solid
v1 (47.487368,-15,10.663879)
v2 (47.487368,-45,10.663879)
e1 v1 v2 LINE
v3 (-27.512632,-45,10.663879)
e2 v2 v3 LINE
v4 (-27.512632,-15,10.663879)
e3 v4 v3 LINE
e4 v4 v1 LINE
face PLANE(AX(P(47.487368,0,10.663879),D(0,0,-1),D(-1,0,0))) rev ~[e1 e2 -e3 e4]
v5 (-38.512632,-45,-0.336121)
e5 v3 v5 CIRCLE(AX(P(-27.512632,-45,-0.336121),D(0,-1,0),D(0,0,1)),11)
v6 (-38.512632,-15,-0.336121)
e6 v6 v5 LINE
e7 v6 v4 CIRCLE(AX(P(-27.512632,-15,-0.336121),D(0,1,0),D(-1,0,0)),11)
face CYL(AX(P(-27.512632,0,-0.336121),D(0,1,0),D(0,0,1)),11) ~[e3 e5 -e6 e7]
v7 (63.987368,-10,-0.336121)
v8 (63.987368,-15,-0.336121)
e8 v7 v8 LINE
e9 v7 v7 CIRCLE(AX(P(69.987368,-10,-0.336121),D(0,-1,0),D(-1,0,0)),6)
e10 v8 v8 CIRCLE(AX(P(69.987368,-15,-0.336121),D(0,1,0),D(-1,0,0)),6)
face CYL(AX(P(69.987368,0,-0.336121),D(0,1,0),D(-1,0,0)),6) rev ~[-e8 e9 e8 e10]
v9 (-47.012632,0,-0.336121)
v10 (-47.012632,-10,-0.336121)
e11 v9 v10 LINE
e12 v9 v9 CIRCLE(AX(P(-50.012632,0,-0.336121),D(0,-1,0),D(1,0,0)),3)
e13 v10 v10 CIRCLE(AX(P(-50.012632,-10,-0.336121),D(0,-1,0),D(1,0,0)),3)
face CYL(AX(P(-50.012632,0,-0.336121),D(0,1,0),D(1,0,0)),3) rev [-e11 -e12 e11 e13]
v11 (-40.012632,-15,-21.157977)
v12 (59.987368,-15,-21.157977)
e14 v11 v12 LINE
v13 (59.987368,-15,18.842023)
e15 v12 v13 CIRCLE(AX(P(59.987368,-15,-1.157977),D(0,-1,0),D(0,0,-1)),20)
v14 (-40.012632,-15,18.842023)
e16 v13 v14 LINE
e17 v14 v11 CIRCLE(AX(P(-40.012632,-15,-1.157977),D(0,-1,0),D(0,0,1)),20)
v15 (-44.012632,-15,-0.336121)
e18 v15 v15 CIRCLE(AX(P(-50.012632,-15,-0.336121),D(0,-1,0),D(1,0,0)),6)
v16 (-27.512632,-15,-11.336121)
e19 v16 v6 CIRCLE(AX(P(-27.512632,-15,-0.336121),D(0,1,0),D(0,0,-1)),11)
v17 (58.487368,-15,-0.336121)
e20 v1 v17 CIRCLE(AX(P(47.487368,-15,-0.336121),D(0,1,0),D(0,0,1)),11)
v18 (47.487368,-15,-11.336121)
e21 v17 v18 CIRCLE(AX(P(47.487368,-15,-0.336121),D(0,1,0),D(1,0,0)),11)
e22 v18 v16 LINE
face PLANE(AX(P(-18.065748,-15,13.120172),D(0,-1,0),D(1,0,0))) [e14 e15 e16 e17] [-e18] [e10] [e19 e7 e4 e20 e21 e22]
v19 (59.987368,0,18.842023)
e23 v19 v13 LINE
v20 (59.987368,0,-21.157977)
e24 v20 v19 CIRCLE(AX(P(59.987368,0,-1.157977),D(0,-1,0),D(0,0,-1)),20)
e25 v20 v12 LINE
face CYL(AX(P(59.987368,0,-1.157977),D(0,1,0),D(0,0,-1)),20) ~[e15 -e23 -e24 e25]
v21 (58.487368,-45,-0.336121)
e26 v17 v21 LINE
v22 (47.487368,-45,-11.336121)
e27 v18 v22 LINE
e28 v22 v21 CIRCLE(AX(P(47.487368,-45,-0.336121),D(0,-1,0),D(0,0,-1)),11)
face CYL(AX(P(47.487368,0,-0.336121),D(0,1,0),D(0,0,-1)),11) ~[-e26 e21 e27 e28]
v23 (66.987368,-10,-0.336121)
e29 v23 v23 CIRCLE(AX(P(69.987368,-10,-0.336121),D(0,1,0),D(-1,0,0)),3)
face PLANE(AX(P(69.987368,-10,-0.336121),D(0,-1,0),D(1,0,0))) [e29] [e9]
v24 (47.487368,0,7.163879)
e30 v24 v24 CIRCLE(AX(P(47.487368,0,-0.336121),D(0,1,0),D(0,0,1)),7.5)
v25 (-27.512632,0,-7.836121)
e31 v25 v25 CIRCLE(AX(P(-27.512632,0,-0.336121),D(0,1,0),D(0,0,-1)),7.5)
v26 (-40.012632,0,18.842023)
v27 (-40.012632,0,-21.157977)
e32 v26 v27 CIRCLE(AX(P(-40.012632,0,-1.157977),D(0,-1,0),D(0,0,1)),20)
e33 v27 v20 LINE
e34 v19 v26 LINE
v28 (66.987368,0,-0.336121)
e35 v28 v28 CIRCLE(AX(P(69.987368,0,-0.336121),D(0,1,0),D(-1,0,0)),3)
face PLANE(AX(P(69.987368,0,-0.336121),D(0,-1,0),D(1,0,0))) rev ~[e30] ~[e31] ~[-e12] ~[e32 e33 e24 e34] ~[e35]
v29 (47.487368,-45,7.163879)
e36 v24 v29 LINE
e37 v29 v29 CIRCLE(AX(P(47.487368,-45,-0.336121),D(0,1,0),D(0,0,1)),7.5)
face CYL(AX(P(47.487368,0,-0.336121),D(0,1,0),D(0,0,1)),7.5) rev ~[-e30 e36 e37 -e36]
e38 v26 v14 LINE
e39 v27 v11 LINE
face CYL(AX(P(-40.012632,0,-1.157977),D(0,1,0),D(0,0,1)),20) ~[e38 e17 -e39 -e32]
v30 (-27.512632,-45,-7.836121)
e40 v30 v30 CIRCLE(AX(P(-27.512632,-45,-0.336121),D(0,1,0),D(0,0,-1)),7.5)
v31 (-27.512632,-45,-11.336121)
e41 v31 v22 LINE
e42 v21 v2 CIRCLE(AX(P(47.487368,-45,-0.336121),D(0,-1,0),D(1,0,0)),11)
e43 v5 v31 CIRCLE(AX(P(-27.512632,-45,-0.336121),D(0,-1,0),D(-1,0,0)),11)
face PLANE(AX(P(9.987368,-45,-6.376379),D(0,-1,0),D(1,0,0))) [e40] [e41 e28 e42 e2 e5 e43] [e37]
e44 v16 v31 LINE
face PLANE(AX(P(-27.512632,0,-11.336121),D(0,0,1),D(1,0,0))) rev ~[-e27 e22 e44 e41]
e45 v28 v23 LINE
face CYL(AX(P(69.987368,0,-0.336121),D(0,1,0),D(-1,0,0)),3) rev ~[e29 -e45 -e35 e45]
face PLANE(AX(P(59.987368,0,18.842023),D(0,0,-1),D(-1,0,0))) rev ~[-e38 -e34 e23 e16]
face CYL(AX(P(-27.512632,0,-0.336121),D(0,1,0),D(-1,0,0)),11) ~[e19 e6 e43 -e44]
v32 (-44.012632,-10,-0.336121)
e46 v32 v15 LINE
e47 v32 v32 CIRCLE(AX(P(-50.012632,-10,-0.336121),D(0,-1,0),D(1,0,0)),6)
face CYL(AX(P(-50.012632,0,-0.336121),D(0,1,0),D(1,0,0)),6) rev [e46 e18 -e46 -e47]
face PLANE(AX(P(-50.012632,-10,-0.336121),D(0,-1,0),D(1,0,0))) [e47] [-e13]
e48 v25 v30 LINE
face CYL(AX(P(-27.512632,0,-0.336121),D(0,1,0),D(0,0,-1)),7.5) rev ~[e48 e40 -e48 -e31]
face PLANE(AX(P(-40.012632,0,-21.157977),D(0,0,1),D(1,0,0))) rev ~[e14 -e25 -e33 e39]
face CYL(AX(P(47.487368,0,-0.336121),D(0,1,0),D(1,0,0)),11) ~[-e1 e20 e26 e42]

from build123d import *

# Parameters (mm, degrees)
F0_R     = 6
F1_DEPTH = 15
F2_DEPTH = 45
F0_R_2   = 3
F3_DEPTH = 10


with BuildPart() as f1:
    # F0 (on Front) → F1 (new body)
    with BuildSketch(Plane.XZ):
        with BuildLine():
            Line((9.9873682983, 18.8420231841), (-40.0126317017, 18.8420231841))
            Line((-40.0126317017, 18.8420231841), (-40.0126317017, -0.3361211642))
            Line((-40.0126317017, -0.3361211642), (-38.5126317017, -0.3361211642))
            ThreePointArc((-38.5126317017, -0.3361211642), (-35.2908062948, 7.4420534289), (-27.5126317017, 10.6638788358))
            Line((-27.5126317017, 10.6638788358), (9.9873682983, 10.6638788358))
            Line((9.9873682983, 10.6638788358), (9.9873682983, 18.8420231841))
        make_face()
        with BuildLine():
            Line((59.9873682983, 18.8420231841), (9.9873682983, 18.8420231841))
            Line((9.9873682983, 18.8420231841), (9.9873682983, 10.6638788358))
            Line((9.9873682983, 10.6638788358), (47.4873682983, 10.6638788358))
            ThreePointArc((47.4873682983, 10.6638788358), (55.2655428913, 7.4420534289), (58.4873682983, -0.3361211642))
            Line((58.4873682983, -0.3361211642), (59.9873682983, -0.3361211642))
            Line((59.9873682983, -0.3361211642), (59.9873682983, 18.8420231841))
        make_face()
        with BuildLine():
            Line((-38.5126317017, -0.3361211642), (-40.0126317017, -0.3361211642))
            Line((-40.0126317017, -0.3361211642), (-40.0126317017, -21.1579768159))
            Line((-40.0126317017, -21.1579768159), (59.9873682983, -21.1579768159))
            Line((59.9873682983, -21.1579768159), (59.9873682983, -0.3361211642))
            Line((59.9873682983, -0.3361211642), (58.4873682983, -0.3361211642))
            ThreePointArc((58.4873682983, -0.3361211642), (55.2655428913, -8.1142957572), (47.4873682983, -11.3361211642))
            Line((47.4873682983, -11.3361211642), (-27.5126317017, -11.3361211642))
            ThreePointArc((-27.5126317017, -11.3361211642), (-35.2908062948, -8.1142957572), (-38.5126317017, -0.3361211642))
        make_face()
        with BuildLine():
            ThreePointArc((59.9873682983, -21.1579768159), (79.9873682983, -1.1579768159), (59.9873682983, 18.8420231841))
            Line((59.9873682983, 18.8420231841), (59.9873682983, -0.3361211642))
            Line((59.9873682983, -0.3361211642), (59.9873682983, -21.1579768159))
        make_face()
        with BuildLine():
            ThreePointArc((75.9873682983, -0.3361211642), (69.9873682983, -6.3361211642), (63.9873682983, -0.3361211642))
            ThreePointArc((63.9873682983, -0.3361211642), (69.9873682983, 5.6638788358), (75.9873682983, -0.3361211642))
        make_face(mode=Mode.SUBTRACT)
        with BuildLine():
            Line((-40.0126317017, -0.3361211642), (-40.0126317017, 18.8420231841))
            ThreePointArc((-40.0126317017, 18.8420231841), (-60.0126317017, -1.1579768159), (-40.0126317017, -21.1579768159))
            Line((-40.0126317017, -21.1579768159), (-40.0126317017, -0.3361211642))
        make_face()
        with Locations((-50.0126317017, -0.3361211642)):
            Circle(F0_R, mode=Mode.SUBTRACT)
    extrude(amount=F1_DEPTH)

    # F0 (on Front) → F2 (join)
    with BuildSketch(Plane.XZ):
        with BuildLine():
            Line((-27.5126317017, -7.8361211642), (-27.5126317017, -11.3361211642))
            Line((-27.5126317017, -11.3361211642), (47.4873682983, -11.3361211642))
            Line((47.4873682983, -11.3361211642), (47.4873682983, -7.8361211642))
            ThreePointArc((47.4873682983, -7.8361211642), (42.1840674394, -5.6394220231), (39.9873682983, -0.3361211642))
            Line((39.9873682983, -0.3361211642), (-20.0126317017, -0.3361211642))
            ThreePointArc((-20.0126317017, -0.3361211642), (-22.2093308428, -5.6394220231), (-27.5126317017, -7.8361211642))
        make_face()
        with BuildLine():
            Line((47.4873682983, 10.6638788358), (9.9873682983, 10.6638788358))
            Line((9.9873682983, 10.6638788358), (-27.5126317017, 10.6638788358))
            Line((-27.5126317017, 10.6638788358), (-27.5126317017, 7.1638788358))
            ThreePointArc((-27.5126317017, 7.1638788358), (-22.2093308428, 4.9671796947), (-20.0126317017, -0.3361211642))
            Line((-20.0126317017, -0.3361211642), (39.9873682983, -0.3361211642))
            ThreePointArc((39.9873682983, -0.3361211642), (42.1840674394, 4.9671796947), (47.4873682983, 7.1638788358))
            Line((47.4873682983, 7.1638788358), (47.4873682983, 10.6638788358))
        make_face()
        with BuildLine():
            ThreePointArc((-27.5126317017, 10.6638788358), (-35.2908062948, 7.4420534289), (-38.5126317017, -0.3361211642))
            Line((-38.5126317017, -0.3361211642), (-35.0126317017, -0.3361211642))
            ThreePointArc((-35.0126317017, -0.3361211642), (-32.8159325606, 4.9671796947), (-27.5126317017, 7.1638788358))
            Line((-27.5126317017, 7.1638788358), (-27.5126317017, 10.6638788358))
        make_face()
        with BuildLine():
            Line((-35.0126317017, -0.3361211642), (-38.5126317017, -0.3361211642))
            ThreePointArc((-38.5126317017, -0.3361211642), (-35.2908062948, -8.1142957572), (-27.5126317017, -11.3361211642))
            Line((-27.5126317017, -11.3361211642), (-27.5126317017, -7.8361211642))
            ThreePointArc((-27.5126317017, -7.8361211642), (-32.8159325606, -5.6394220231), (-35.0126317017, -0.3361211642))
        make_face()
        with BuildLine():
            ThreePointArc((47.4873682983, -11.3361211642), (55.2655428913, -8.1142957572), (58.4873682983, -0.3361211642))
            Line((58.4873682983, -0.3361211642), (54.9873682983, -0.3361211642))
            ThreePointArc((54.9873682983, -0.3361211642), (52.7906691572, -5.6394220231), (47.4873682983, -7.8361211642))
            Line((47.4873682983, -7.8361211642), (47.4873682983, -11.3361211642))
        make_face()
        with BuildLine():
            ThreePointArc((58.4873682983, -0.3361211642), (55.2655428913, 7.4420534289), (47.4873682983, 10.6638788358))
            Line((47.4873682983, 10.6638788358), (47.4873682983, 7.1638788358))
            ThreePointArc((47.4873682983, 7.1638788358), (52.7906691572, 4.9671796947), (54.9873682983, -0.3361211642))
            Line((54.9873682983, -0.3361211642), (58.4873682983, -0.3361211642))
        make_face()
    extrude(amount=F2_DEPTH)

    # F0 (on Front) → F3 (join)
    with BuildSketch(Plane.XZ):
        with BuildLine():
            ThreePointArc((75.9873682983, -0.3361211642), (69.9873682983, 5.6638788358), (63.9873682983, -0.3361211642))
            ThreePointArc((63.9873682983, -0.3361211642), (69.9873682983, -6.3361211642), (75.9873682983, -0.3361211642))
        make_face()
        with BuildLine():
            ThreePointArc((72.9873682983, -0.3361211642), (69.9873682983, -3.3361211642), (66.9873682983, -0.3361211642))
            ThreePointArc((66.9873682983, -0.3361211642), (69.9873682983, 2.6638788358), (72.9873682983, -0.3361211642))
        make_face(mode=Mode.SUBTRACT)
        with Locations((-50.0126317017, -0.3361211642)):
            Circle(F0_R)
        with Locations((-50.0126317017, -0.3361211642)):
            Circle(F0_R_2, mode=Mode.SUBTRACT)
    extrude(amount=F3_DEPTH)


solid = f1.part
